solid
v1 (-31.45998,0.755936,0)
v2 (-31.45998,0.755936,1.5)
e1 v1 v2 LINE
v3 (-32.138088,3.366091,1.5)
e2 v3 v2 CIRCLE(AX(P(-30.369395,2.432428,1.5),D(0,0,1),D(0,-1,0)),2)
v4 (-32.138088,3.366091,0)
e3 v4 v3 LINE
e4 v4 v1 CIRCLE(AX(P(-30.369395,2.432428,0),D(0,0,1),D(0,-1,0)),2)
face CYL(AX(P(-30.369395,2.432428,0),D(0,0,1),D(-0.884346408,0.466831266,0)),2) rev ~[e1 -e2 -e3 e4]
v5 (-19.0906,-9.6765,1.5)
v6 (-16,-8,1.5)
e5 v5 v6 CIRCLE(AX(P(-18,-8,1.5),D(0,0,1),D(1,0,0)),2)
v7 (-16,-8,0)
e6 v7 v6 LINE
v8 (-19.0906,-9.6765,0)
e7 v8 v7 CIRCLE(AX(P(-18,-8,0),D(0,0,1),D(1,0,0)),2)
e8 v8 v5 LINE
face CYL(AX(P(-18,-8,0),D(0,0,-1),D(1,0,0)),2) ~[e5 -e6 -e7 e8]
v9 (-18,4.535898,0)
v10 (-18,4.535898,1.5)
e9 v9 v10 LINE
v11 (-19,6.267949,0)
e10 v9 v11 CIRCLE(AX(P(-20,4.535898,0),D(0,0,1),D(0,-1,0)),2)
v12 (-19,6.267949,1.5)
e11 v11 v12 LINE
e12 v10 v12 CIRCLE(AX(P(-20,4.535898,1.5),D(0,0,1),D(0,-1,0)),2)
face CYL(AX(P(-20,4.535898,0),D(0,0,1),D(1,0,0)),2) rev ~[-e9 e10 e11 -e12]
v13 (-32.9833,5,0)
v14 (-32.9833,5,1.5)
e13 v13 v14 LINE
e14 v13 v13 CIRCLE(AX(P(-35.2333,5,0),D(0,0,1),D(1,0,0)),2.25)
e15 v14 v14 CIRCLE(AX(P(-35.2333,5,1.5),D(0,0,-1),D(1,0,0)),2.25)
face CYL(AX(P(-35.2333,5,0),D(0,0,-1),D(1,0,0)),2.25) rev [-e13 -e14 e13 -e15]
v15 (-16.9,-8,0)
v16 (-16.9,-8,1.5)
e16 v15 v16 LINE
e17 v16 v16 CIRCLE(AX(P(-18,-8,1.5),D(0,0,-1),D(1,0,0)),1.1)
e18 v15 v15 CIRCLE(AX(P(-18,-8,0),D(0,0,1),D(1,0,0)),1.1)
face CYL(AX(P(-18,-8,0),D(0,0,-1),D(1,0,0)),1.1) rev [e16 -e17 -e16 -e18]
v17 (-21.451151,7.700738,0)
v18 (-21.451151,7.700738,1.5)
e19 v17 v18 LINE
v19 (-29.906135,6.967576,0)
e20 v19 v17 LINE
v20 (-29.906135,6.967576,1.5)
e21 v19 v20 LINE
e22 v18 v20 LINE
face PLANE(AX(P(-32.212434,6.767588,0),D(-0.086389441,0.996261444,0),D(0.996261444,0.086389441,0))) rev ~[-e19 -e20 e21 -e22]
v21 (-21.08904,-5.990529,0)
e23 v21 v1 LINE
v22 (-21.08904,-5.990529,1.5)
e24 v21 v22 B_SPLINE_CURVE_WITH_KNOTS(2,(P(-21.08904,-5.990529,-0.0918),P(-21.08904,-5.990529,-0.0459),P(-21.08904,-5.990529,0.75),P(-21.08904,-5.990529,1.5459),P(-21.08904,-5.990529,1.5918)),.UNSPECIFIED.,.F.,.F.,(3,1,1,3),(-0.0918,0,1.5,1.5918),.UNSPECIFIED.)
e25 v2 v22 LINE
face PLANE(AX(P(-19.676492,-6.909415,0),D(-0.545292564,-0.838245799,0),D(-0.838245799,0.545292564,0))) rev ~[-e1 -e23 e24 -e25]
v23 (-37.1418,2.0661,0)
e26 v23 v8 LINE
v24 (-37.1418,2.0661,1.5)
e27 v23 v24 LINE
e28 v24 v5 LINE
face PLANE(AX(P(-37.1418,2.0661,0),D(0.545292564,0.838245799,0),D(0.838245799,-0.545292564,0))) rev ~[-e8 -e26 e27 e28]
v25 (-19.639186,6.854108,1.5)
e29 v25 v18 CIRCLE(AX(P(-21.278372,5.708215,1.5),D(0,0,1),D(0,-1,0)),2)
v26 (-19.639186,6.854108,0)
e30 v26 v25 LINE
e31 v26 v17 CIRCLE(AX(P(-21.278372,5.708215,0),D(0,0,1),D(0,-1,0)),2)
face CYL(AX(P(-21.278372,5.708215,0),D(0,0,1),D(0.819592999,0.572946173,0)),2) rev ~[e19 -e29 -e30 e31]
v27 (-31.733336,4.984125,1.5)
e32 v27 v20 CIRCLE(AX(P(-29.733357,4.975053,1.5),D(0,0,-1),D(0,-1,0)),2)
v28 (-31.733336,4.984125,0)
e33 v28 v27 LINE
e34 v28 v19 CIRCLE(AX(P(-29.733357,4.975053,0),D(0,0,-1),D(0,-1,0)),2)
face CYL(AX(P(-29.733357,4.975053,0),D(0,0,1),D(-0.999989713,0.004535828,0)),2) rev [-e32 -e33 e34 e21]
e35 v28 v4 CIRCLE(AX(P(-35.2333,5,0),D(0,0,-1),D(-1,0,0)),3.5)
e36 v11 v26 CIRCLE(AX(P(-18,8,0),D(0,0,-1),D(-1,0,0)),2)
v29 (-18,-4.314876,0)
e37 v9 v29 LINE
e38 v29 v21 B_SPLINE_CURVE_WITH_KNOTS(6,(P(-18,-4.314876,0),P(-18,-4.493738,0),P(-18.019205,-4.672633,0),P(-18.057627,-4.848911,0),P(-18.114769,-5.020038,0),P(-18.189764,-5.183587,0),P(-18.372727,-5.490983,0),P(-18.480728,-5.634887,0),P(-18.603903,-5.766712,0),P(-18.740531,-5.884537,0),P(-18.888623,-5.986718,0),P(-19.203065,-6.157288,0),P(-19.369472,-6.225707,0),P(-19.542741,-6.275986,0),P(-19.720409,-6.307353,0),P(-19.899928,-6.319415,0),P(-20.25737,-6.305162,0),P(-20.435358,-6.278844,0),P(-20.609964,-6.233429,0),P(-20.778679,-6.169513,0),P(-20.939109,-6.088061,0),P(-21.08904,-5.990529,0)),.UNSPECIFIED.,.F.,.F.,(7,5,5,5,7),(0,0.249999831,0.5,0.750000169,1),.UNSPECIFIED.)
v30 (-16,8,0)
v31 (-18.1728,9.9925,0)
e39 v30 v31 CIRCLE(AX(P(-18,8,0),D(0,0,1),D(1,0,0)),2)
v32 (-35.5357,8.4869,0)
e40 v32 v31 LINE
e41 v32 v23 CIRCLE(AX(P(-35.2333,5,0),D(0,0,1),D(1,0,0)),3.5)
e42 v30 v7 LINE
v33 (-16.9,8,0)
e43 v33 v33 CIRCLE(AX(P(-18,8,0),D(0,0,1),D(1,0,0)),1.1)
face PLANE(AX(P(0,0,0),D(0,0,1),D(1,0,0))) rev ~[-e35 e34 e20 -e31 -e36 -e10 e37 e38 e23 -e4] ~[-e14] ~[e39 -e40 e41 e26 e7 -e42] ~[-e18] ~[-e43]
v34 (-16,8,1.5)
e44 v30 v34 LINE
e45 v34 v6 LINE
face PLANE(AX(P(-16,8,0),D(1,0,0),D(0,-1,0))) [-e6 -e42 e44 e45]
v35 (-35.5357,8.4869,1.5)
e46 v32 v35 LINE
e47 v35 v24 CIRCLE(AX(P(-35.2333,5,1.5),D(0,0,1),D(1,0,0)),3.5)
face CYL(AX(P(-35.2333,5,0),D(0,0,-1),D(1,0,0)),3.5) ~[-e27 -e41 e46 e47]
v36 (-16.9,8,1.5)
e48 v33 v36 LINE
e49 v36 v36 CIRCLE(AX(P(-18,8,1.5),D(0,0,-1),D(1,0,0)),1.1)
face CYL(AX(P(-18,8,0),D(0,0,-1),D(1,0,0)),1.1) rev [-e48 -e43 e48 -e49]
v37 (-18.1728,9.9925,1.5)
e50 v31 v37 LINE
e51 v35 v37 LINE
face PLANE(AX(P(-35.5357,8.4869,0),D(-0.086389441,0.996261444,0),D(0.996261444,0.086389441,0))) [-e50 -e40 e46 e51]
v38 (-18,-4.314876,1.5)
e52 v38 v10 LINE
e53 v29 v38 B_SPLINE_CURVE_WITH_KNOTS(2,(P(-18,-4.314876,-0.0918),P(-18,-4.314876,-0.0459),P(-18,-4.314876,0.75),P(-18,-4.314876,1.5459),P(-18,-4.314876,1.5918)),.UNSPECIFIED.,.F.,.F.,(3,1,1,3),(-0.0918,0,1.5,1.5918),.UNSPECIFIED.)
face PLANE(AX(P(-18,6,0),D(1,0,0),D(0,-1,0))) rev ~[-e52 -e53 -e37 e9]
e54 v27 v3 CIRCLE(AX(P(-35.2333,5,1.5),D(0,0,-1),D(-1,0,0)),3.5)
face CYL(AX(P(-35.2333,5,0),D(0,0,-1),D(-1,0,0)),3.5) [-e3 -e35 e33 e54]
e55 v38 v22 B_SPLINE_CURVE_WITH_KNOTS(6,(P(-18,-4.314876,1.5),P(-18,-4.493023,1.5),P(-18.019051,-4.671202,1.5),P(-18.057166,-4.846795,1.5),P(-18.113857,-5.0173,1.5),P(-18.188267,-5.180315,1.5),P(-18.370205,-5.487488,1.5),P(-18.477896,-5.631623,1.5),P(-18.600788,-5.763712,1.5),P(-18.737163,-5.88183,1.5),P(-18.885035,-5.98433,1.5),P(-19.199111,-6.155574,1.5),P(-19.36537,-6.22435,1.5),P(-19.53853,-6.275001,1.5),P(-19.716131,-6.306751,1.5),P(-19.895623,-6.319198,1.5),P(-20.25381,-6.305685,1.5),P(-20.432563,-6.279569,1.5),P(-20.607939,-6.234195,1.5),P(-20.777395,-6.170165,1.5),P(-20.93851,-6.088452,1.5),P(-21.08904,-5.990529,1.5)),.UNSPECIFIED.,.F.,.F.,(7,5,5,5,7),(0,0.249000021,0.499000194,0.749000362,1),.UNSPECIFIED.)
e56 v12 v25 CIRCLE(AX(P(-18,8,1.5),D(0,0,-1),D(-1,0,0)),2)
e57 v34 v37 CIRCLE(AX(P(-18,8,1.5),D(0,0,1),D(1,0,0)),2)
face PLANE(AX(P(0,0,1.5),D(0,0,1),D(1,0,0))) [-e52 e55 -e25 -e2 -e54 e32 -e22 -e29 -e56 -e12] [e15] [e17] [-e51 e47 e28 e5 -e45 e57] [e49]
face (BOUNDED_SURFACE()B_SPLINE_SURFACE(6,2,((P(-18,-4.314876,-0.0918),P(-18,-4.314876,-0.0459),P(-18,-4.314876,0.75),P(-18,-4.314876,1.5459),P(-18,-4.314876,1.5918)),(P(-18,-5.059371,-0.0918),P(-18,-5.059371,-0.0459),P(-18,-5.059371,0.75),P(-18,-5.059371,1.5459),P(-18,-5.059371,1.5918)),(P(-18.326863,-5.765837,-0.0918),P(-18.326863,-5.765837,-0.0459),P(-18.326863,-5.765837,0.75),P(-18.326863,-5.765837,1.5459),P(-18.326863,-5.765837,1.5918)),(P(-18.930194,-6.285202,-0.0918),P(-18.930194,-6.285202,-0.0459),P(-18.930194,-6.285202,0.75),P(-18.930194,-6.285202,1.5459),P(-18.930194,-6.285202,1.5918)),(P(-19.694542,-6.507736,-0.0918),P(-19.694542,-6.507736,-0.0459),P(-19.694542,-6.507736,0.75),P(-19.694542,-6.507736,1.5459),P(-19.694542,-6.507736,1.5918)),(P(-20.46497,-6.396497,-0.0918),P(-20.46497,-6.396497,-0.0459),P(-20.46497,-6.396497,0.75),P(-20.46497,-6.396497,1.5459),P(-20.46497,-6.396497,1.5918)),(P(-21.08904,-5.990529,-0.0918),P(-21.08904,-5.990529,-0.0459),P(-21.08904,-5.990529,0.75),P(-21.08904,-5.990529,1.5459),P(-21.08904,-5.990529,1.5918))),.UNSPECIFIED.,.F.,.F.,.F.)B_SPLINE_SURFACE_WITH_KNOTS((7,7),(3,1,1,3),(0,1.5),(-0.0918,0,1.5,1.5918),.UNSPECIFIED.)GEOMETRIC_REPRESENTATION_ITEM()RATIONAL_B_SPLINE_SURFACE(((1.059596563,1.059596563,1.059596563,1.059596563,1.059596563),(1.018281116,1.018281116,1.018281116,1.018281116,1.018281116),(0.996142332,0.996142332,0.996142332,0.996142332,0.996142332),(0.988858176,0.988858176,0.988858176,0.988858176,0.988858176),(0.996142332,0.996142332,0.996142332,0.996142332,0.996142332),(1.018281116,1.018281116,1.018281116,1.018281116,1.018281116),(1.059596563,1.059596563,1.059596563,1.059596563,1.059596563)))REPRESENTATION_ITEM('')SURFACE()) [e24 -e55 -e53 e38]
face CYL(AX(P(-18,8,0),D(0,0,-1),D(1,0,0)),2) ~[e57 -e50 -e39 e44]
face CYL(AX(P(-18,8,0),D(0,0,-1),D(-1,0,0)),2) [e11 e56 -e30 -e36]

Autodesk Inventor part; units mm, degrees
ref_plane "YZ Plane" through (0, 0, 0) normal (1, 0, 0) x (0, 1, 0)
ref_plane "XZ Plane" through (0, 0, 0) normal (0, 1, 0) x (-1, 0, 0)
ref_plane "XY Plane" through (0, 0, 0) normal (0, 0, 1) x (1, 0, 0)
sketch "スケッチ1" plane through (0, 0, 0) normal (0, 0, 1) x (1, 0, 0)
  line L0 (-18, -8) -> (18, -8) construction
  line L1 (18, -8) -> (18, 8) construction
  line L2 (18, 8) -> (-18, 8) construction
  line L3 (-18, 8) -> (-18, -8) construction
  line L4 (-18, -8) -> (18, 8) construction
  line L5 (18, -8) -> (-18, 8) construction
  circle A0 centre (-18, 8) radius 1.1
  circle A1 centre (18, 8) radius 1.1
  circle A2 centre (-18, -8) radius 1.1
  circle A3 centre (18, -8) radius 1.1
  circle A4 centre (-18, 8) radius 2
  circle A5 centre (-18, -8) radius 2
  line L6 (-16, 8) -> (-16, -8)
  circle A6 centre (-35.2333, 5) radius 2.25
  circle A7 centre (-35.2333, 5) radius 3.5
  line L7 (-35.5357, 8.4869) -> (-18.1728, 9.9925)
  line L8 (-37.1418, 2.0661) -> (-19.0906, -9.6765)
  circle A8 centre (11.5, 0) radius 8 projected
  line L9 (-35.2333, 5) -> (11.5, 0) construction
  point P0 (0, 0)
  point P1 (-16, 0)
  dimension "d0" = 36
  dimension "d1" = 16
  dimension "d2" = 2.2
  dimension "d5" = 36
  dimension "d8" = 16
  dimension "d11" = 4
  dimension "d12" = 4
  dimension "d13" = 4.5
  dimension "d14" = 7
  dimension "d16" = 5
  dimension "d19" = 47
extrude "押し出し1" add sketch "スケッチ1" along normal blind 1.5 contours A4 | L6 A5 L8 A7 L7 A4 | A5 | A7
sketch "スケッチ2" plane through (0, 0, 0) normal (0, 0, -1) x (-1, 0, 0)
  line L0 (37.1418, 2.0661) -> (19.0906, -9.6765) projected
  arc A0 (37.1418, 2.0661) -> (35.5357, 8.4869) centre (35.2333, 5) ccw projected
  line L1 (18.1728, 9.9925) -> (35.5357, 8.4869) projected
  arc A1 (18.1728, 9.9925) -> (16, 8) centre (18, 8) ccw projected
  line L2 (16, -8) -> (16, 8) projected
  arc A2 (16, -8) -> (19.0906, -9.6765) centre (18, -8) ccw projected
  circle A3 centre (18, -8) radius 1.1 projected
  circle A4 centre (18, 8) radius 1.1 projected
  circle A5 centre (35.2333, 5) radius 2.25 projected
  line L3 (18, -8) -> (36.0512, 3.7426)
  arc A6 (36.0512, 3.7426) -> (35.3629, 6.4944) centre (35.2333, 5) ccw
  line L4 (35.3629, 6.4944) -> (18, 8)
  line L5 (18, 8) -> (18, -8)
  circle A7 centre (18, 8) radius 2
  circle A8 centre (18, -8) radius 2
  circle A9 centre (35.2333, 5) radius 3.5
  point P0 (0, 0)
  point P1 (33.4005, 2.0183)
  point P2 (32.2124, 6.7676)
  point P3 (19.9925, 7.8272)
  point P4 (18, 6)
  point P5 (33.6921, 6.6393)
  point P6 (34.6454, 2.8281)
  point P7 (20, 7.9971)
  point P8 (18.4708, 6.0562)
  point P9 (19, 2.9103)
  point P10 (18, -6.9)
  point P11 (18.9221, -7.4002)
  point P12 (18, -6)
  point P13 (19.6765, -6.9094)
  point P14 (18, 6.9)
  point P15 (19.0959, 7.905)
  dimension "d20" = 2
extrude "押し出し2" cut sketch "スケッチ2" against normal through all contours L3 A8 L5 A7 L4 A9 | A5 L4 A6 L3 | L3 L5 A3 | A4 L5 L4 picked at (34.8052, 4.9839) picked at (18.0902, -7.2779) picked at (18.7117, 7.8482)
fillet "フィレット1" radius 2 6 edges at (-33.4005, 2.0183, 0.75) (-32.2124, 6.7676, 0.75) (-18, -6, 0.75) (-19.6765, -6.9094, 0.75) (-18, 6, 0.75) (-19.9925, 7.8272, 0.75)
equation "\"d5\" = d0"
equation "\"d8\" = d1"
properties part number "servolink" material "アルミニウム 2014-T4"
